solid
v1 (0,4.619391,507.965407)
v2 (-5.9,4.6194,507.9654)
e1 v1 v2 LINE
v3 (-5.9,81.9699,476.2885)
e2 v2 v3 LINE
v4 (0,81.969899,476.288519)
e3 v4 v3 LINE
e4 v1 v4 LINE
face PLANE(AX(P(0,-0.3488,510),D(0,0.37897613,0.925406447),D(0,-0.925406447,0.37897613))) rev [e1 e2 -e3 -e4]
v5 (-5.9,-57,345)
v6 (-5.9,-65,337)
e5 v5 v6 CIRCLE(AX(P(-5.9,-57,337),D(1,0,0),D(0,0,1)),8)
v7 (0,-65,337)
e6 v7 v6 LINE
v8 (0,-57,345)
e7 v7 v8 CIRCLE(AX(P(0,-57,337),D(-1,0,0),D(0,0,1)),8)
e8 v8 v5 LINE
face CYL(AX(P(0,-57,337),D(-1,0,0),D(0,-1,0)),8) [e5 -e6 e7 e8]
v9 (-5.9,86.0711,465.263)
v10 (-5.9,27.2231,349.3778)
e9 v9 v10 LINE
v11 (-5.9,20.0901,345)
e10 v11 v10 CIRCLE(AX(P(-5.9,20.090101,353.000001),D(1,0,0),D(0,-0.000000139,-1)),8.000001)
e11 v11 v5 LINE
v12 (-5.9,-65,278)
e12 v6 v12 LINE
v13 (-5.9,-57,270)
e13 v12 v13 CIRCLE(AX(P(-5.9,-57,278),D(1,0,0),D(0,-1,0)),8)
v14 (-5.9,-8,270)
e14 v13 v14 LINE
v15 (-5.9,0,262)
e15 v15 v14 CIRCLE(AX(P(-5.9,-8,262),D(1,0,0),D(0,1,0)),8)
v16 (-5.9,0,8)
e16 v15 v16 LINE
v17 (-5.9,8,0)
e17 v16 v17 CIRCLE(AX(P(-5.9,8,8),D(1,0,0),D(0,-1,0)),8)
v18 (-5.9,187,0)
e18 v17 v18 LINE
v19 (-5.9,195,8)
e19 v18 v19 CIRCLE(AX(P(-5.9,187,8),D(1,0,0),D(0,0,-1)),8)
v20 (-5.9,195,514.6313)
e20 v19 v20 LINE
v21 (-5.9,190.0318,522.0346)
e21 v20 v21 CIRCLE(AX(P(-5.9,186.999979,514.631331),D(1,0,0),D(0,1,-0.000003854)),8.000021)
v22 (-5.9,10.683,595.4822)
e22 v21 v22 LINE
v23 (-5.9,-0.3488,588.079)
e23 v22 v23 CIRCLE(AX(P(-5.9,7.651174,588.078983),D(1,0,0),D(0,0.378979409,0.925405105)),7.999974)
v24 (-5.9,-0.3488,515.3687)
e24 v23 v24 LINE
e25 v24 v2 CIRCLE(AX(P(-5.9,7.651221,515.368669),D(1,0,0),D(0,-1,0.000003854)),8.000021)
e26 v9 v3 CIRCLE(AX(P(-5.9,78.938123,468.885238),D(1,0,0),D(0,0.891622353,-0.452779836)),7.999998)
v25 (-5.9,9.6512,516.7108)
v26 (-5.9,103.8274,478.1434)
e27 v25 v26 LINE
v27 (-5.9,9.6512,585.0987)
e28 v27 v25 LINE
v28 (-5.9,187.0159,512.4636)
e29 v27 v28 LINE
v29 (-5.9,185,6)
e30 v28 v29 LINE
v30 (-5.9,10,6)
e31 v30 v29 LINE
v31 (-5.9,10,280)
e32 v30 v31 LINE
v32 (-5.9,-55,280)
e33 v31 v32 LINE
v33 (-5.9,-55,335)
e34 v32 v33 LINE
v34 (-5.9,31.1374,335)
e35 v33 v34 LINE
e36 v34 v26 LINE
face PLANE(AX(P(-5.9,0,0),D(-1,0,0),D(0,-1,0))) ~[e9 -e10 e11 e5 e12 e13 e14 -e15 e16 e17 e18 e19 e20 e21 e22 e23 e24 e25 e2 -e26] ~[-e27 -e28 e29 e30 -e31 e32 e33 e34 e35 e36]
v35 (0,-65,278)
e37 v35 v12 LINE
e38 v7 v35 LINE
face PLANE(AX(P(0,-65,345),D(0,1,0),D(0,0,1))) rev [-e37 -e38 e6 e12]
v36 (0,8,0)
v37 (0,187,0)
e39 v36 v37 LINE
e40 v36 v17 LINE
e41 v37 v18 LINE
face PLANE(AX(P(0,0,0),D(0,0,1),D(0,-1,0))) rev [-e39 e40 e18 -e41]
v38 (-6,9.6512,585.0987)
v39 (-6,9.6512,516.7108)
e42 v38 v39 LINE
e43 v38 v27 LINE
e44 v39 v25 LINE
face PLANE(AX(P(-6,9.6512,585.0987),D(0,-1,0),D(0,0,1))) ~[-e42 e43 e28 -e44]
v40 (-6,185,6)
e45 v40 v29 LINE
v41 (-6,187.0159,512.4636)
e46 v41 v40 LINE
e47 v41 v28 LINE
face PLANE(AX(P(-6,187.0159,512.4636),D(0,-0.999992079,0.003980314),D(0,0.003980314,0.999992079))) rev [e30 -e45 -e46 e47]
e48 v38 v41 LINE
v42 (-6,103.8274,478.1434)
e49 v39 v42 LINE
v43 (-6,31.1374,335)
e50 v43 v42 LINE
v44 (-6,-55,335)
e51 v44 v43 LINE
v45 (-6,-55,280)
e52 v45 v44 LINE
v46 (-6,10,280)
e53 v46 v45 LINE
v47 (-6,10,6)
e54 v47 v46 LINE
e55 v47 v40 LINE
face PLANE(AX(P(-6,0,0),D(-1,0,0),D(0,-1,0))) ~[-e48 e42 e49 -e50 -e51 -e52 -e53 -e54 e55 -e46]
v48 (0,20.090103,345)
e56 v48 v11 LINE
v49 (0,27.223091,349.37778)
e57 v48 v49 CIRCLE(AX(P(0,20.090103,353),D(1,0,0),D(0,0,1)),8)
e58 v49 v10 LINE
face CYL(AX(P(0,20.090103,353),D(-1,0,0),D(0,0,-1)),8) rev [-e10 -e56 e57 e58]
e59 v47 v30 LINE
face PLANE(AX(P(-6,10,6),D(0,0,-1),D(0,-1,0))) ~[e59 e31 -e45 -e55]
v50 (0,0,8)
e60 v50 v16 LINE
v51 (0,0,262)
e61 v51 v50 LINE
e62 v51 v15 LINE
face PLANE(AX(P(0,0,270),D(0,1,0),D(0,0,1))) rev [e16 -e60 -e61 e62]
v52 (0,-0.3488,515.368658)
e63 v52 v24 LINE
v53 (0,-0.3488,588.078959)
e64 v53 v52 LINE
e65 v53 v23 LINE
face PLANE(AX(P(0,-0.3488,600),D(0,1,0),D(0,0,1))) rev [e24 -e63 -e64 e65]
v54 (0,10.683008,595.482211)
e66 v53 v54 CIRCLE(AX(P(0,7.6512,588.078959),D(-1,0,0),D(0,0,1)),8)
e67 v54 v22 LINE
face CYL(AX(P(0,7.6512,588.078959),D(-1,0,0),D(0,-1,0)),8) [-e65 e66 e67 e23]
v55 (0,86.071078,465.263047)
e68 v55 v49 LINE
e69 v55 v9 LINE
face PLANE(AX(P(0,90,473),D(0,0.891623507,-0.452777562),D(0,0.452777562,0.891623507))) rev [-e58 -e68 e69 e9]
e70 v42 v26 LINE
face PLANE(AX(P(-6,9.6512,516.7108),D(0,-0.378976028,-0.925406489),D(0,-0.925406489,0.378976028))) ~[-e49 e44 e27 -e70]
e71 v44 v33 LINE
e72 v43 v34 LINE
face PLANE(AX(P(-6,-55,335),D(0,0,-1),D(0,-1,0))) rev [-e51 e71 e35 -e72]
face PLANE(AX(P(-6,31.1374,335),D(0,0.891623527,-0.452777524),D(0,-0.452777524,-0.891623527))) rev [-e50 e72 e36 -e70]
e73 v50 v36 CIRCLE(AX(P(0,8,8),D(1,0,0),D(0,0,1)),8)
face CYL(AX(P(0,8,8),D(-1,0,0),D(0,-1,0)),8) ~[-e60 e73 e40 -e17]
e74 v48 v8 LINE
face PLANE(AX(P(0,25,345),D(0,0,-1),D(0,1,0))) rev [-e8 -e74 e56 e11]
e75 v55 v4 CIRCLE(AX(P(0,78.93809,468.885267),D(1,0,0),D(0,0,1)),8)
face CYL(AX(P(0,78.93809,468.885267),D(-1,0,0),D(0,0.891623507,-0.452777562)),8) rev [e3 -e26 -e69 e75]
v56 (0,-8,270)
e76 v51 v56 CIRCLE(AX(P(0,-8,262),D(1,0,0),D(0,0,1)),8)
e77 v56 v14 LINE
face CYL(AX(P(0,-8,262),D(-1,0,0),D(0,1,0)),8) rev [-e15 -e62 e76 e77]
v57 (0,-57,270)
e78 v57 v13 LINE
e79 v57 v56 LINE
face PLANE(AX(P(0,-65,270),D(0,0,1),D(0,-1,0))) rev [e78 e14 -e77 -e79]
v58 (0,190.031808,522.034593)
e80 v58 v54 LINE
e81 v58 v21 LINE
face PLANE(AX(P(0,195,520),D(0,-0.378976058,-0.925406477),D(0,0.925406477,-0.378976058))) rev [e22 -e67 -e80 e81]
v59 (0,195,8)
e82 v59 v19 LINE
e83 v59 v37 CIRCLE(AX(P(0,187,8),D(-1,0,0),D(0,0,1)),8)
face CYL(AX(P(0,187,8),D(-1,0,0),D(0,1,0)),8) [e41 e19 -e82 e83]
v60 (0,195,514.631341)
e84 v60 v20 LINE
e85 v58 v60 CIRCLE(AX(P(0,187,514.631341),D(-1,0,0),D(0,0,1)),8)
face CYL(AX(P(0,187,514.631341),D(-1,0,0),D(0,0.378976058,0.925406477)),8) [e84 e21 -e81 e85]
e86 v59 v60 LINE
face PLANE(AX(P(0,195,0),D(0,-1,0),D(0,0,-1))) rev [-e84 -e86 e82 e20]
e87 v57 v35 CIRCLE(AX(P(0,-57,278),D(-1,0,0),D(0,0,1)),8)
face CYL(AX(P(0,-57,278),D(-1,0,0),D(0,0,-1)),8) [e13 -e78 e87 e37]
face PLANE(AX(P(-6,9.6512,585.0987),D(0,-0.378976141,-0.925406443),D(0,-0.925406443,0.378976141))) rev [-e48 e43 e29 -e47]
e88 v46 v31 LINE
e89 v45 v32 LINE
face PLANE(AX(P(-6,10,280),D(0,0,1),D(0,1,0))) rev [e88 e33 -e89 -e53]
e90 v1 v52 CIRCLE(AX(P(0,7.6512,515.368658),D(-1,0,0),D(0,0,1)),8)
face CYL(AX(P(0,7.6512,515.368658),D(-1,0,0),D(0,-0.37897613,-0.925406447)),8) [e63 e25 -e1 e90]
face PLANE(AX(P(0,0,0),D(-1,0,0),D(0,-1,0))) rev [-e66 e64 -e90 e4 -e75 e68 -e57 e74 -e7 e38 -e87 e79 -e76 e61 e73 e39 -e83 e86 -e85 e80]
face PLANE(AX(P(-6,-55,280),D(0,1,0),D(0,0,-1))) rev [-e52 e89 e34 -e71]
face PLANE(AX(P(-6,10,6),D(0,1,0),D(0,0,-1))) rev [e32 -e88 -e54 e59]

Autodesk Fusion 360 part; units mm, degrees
sketch "Side Panel" plane through (0, 0, 0) normal (1, 0, 0) x (0, 1, 0)
  line L0 (0, 0) -> (195, 0)
  line L1 (195, 0) -> (195, 520)
  line L2 (195, 520) -> (-0.3488, 600)
  line L3 (-0.3488, 600) -> (-0.3488, 510)
  line L4 (-0.3488, 510) -> (90, 473)
  line L5 (90, 473) -> (25, 345)
  line L6 (25, 345) -> (-65, 345)
  line L7 (-65, 345) -> (-65, 270)
  line L8 (-65, 270) -> (0, 270)
  line L9 (0, 270) -> (0, 0)
  dimension "d7" = 600
  dimension "d10" = 195
  dimension "d12" = 520
  dimension "d14" = 90
  dimension "d16" = 105
  dimension "d18" = 270
  dimension "d20" = 75
  dimension "d22" = 37
  dimension "d27" = 260
  dimension "d28" = 90
  dimension "d31" = 345
extrude "Extrude1" add sketch "Side Panel" along normal blind 6 makes body 1
fillet "Fillet1" radius 8 10 edges at (3, -65, 345) (3, 25, 345) (3, 90, 473) (3, -0.3488, 510) (3, -0.3488, 600) (3, 195, 520) (3, -65, 270) (3, 0, 270) (3, 0, 0) (3, 195, 0) on bodies 1
sketch "Paint border" plane through (6, 0, 0) normal (1, 0, 0) x (0, 1, 0)
  arc A0 (187, 0) -> (195, 8) centre (187, 8) ccw
  line L0 (195, 8) -> (195, 514.6313)
  arc A1 (195, 514.6313) -> (190.0318, 522.0346) centre (187, 514.6313) ccw
  line L1 (190.0318, 522.0346) -> (10.683, 595.4822)
  arc A2 (10.683, 595.4822) -> (-0.3488, 588.079) centre (7.6512, 588.079) ccw
  line L2 (-0.3488, 588.079) -> (-0.3488, 515.3687)
  arc A3 (-0.3488, 515.3687) -> (4.6194, 507.9654) centre (7.6512, 515.3687) ccw
  line L3 (4.6194, 507.9654) -> (81.9699, 476.2885)
  arc A4 (86.0711, 465.263) -> (81.9699, 476.2885) centre (78.9381, 468.8853) ccw
  line L4 (86.0711, 465.263) -> (27.2231, 349.3778)
  arc A5 (20.0901, 345) -> (27.2231, 349.3778) centre (20.0901, 353) ccw
  line L5 (20.0901, 345) -> (-57, 345)
  arc A6 (-57, 345) -> (-65, 337) centre (-57, 337) ccw
  line L6 (-65, 337) -> (-65, 278)
  arc A7 (-65, 278) -> (-57, 270) centre (-57, 278) ccw
  line L7 (-57, 270) -> (-8, 270)
  arc A8 (0, 262) -> (-8, 270) centre (-8, 262) ccw
  line L8 (0, 262) -> (0, 8)
  arc A9 (0, 8) -> (8, 0) centre (8, 8) ccw
  line L9 (8, 0) -> (187, 0)
  line L10 (10, 6) -> (185, 6)
  line L11 (10, 6) -> (10, 280)
  line L12 (10, 280) -> (-55, 280)
  line L13 (-55, 280) -> (-55, 335)
  line L14 (-55, 335) -> (31.1374, 335)
  line L15 (9.6512, 516.7108) -> (103.8274, 478.1434)
  line L16 (31.1374, 335) -> (103.8274, 478.1434)
  line L17 (187.0159, 512.4636) -> (185, 6)
  line L18 (9.6512, 585.0987) -> (187.0159, 512.4636)
  line L19 (9.6512, 585.0987) -> (9.6512, 516.7108)
  dimension "d32" = 6
  dimension "d33" = 10
  dimension "d34" = 10
  dimension "d35" = 10
  dimension "d36" = 10
  dimension "d37" = 10
  dimension "d41" = 10
  dimension "d42" = 10
  dimension "d43" = 10
  dimension "d44" = 10
extrude "Extrude2" cut sketch "Paint border" against normal blind 0.1 bodies 1
mirror "Mirror1" about plane through (0, 0, 0) normal (1, 0, 0) of bodies 1 makes body 2
hidden bodies 1
equation "MDFThickness = 6 mm" comment "Thickness of the MDF board"
equation "filletRadius = 8 mm" comment "Radius of all of the fillets on the side panel"
equation "d3 = MDFThickness"
equation "d6 = filletRadius"
equation "d7 = totaHeight"
equation "totaHeight = 600 mm" comment "Total height of the Smartie Sorrter"
equation "baseWidth = 195 mm" comment "Length of the bottom side of the side panel"
equation "d10 = baseWidth"
equation "backHight = 520 mm" comment "Height of the back side of the side panel"
equation "d12 = backHight"
equation "namePanelHeight = 90 mm" comment "Height of the top section containing the name panel"
equation "d14 = namePanelHeight"
equation "neckWidth = 105 mm" comment "Width of the neck between the bottom and top section"
equation "d16 = neckWidth"
equation "bottomFrontHeight = 270 mm" comment "Height of the bottom front section"
equation "d18 = bottomFrontHeight"
equation "controlPanelHeight = 75 mm" comment "Height of the control panel on the front"
equation "d20 = controlPanelHeight"
equation "namePanelFrontDipHeight = 37 mm" comment "Dip height on the front side below the name panel"
equation "d22 = namePanelFrontDipHeight"
equation "controlPanelTopWidth = 90 mm" comment "Top width of the control panel from the front to the viewing area"
equation "controlPanelTotalWidth = 260 mm" comment "Total width of the control panel area from the front to the back"
equation "d27 = controlPanelTotalWidth"
equation "d28 = controlPanelTopWidth"
equation "d31 = bottomFrontHeight + controlPanelHeight"
